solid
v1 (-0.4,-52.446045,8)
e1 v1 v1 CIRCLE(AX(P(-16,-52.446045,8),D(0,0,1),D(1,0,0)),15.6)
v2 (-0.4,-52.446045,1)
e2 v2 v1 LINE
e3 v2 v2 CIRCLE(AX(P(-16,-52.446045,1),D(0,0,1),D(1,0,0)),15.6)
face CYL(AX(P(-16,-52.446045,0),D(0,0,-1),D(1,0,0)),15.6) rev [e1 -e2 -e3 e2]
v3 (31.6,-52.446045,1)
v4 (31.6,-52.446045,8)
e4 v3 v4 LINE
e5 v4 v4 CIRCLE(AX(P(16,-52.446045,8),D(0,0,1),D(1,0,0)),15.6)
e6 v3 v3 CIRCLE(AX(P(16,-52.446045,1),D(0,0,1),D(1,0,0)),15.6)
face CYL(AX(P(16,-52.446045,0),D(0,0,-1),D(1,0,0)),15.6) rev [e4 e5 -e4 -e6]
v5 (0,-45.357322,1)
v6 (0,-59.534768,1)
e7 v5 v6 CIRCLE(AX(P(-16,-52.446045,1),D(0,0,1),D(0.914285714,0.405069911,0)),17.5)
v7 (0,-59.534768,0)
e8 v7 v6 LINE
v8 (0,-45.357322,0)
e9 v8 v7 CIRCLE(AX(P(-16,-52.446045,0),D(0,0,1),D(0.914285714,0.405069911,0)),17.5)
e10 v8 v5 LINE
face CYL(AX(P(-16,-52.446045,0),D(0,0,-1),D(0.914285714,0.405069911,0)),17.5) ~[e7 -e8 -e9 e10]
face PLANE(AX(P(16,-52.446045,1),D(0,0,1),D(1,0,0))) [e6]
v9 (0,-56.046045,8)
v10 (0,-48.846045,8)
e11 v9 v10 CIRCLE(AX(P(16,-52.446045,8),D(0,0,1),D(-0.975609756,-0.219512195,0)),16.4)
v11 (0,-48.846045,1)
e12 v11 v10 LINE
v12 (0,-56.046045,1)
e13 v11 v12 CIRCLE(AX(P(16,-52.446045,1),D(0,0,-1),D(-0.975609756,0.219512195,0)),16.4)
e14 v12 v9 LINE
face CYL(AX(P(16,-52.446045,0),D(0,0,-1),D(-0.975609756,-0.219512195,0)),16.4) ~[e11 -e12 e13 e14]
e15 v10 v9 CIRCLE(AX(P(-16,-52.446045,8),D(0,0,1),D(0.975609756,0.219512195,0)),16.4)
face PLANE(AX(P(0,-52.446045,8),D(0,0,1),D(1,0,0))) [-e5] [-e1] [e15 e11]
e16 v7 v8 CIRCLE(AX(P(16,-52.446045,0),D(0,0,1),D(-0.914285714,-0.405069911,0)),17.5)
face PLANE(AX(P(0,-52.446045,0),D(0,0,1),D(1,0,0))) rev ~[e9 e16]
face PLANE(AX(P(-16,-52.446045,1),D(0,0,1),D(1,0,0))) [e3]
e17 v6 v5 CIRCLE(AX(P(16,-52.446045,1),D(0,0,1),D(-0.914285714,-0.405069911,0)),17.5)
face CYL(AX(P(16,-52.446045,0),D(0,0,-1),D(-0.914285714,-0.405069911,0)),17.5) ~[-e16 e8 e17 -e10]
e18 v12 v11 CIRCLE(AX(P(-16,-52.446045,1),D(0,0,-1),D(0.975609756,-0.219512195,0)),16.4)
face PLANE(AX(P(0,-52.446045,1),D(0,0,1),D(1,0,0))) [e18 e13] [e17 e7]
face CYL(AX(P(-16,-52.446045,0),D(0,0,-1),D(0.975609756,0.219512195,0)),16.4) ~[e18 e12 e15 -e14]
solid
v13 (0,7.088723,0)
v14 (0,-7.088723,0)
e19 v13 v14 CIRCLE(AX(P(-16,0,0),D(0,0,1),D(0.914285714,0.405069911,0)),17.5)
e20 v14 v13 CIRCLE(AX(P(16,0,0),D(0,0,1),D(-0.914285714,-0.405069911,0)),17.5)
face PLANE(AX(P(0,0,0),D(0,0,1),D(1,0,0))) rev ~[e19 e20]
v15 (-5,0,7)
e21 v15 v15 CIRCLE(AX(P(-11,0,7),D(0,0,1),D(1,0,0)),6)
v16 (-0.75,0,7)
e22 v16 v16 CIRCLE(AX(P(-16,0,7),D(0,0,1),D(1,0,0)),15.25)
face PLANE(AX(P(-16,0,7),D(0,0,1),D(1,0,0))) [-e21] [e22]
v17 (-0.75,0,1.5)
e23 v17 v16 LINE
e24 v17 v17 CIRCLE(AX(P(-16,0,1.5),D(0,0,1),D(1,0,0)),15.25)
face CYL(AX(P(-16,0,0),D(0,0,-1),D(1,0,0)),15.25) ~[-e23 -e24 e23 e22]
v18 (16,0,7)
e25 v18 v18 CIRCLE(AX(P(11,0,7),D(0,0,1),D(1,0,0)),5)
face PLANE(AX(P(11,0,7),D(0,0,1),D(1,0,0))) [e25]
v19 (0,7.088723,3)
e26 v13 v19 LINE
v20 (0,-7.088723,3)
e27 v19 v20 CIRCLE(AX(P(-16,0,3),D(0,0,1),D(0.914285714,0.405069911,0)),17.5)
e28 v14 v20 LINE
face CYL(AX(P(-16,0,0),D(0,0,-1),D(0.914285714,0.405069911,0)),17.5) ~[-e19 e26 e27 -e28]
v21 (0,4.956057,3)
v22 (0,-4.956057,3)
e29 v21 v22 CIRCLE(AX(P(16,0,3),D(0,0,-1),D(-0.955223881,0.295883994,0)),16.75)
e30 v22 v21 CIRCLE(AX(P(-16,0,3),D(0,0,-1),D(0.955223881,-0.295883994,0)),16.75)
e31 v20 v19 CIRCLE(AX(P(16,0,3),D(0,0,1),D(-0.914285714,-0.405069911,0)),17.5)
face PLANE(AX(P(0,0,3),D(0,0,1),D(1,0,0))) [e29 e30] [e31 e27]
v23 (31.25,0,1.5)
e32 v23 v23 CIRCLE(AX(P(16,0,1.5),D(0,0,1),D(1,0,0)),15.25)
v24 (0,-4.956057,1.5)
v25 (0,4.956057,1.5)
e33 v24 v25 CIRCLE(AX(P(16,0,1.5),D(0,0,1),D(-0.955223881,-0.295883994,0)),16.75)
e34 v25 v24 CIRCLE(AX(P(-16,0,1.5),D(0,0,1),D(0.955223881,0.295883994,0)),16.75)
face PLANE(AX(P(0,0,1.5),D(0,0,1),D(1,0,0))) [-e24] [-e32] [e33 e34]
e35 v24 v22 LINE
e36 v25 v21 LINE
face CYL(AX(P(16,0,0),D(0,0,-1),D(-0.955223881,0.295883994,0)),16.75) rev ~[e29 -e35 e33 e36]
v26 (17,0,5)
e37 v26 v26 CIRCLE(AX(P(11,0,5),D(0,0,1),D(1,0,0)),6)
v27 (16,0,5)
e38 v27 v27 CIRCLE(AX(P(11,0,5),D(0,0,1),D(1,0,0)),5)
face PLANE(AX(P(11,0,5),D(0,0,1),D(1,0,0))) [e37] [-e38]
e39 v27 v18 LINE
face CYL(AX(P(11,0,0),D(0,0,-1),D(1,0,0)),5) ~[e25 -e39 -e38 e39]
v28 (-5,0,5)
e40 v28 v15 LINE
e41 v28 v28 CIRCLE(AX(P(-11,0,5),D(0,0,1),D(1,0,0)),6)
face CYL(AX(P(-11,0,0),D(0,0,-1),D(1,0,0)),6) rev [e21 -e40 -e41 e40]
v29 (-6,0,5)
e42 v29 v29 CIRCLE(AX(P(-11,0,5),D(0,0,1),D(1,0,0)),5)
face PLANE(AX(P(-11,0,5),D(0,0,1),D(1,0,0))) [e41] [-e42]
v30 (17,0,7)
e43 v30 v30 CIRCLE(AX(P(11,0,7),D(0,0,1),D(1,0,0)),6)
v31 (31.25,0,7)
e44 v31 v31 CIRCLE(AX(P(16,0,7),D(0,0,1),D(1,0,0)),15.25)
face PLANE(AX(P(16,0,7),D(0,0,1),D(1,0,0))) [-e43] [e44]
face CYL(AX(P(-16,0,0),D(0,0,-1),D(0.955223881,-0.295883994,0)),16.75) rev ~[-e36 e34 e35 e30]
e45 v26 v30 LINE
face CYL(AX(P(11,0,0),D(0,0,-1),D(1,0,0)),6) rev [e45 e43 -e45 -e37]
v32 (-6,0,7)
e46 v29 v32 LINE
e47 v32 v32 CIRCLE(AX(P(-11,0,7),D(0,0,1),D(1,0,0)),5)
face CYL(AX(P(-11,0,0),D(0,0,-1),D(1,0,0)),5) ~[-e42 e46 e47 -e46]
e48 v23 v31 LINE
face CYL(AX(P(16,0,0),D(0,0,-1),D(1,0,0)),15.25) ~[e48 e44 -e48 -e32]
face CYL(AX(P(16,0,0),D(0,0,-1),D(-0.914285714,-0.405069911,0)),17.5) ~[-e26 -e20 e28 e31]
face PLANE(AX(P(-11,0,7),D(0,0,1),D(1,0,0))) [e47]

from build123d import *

# Parameters (mm, degrees)
F0_R     = 5
F1_DEPTH = 7
F0_R_2   = 15.25
F0_R_3   = 6
F2_DEPTH = 5
F3_DEPTH = 1.5
F4_DEPTH = 3
F0_R_4   = 15.6
F5_DEPTH = 8
F6_DEPTH = 1


with BuildPart() as f1:
    # F0 (on Top) → F1 (new body)
    with BuildSketch(Plane.XY):
        with Locations((-11, 0)):
            Circle(F0_R)
    extrude(amount=F1_DEPTH)



with BuildPart() as f1b:
    # F0 (on Top) → F1, piece 2 (new body)
    with BuildSketch(Plane.XY):
        with Locations((11, 0)):
            Circle(F0_R)
    extrude(amount=F1_DEPTH)



with BuildPart() as f1c:
    # F0 (on Top) → F1, piece 3 (new body)
    with BuildSketch(Plane.XY):
        with Locations((-16, 0)):
            Circle(F0_R_2)
        with Locations((-11, 0)):
            Circle(F0_R_3, mode=Mode.SUBTRACT)
    extrude(amount=F1_DEPTH)


with BuildPart() as f1d:
    # F0 (on Top) → F1, piece 4 (new body)
    with BuildSketch(Plane.XY):
        with Locations((16, 0)):
            Circle(F0_R_2)
        with Locations((11, 0)):
            Circle(F0_R_3, mode=Mode.SUBTRACT)
    extrude(amount=F1_DEPTH)


with BuildPart() as f1_1:
    add(f1.part)

    add(f1c.part)  # F2 merges F1c
    # F0 (on Top) → F2 (join)
    with BuildSketch(Plane.XY):
        with Locations((-11, 0)):
            Circle(F0_R_3)
        with Locations((-11, 0)):
            Circle(F0_R, mode=Mode.SUBTRACT)
    extrude(amount=F2_DEPTH)



with BuildPart() as f1b_1:
    add(f1b.part)

    add(f1d.part)  # F2#2 merges F1d
    # F0 (on Top) → F2, piece 2 (join)
    with BuildSketch(Plane.XY):
        with Locations((11, 0)):
            Circle(F0_R_3)
        with Locations((11, 0)):
            Circle(F0_R, mode=Mode.SUBTRACT)
    extrude(amount=F2_DEPTH)


with BuildPart() as f1_2:
    add(f1_1.part)

    add(f1b_1.part)  # F3 merges F1b
    # F0 (on Top) → F3 (join)
    with BuildSketch(Plane.XY):
        with BuildLine():
            ThreePointArc((0, -4.9560569004), (32.75, 0), (0, 4.9560569004))
            ThreePointArc((0, 4.9560569004), (-32.75, 0), (0, -4.9560569004))
        make_face()
        with Locations((-16, 0)):
            Circle(F0_R_2, mode=Mode.SUBTRACT)
        with Locations((16, 0)):
            Circle(F0_R_2, mode=Mode.SUBTRACT)
    extrude(amount=F3_DEPTH)

    # F0 (on Top) → F4 (join)
    with BuildSketch(Plane.XY):
        with BuildLine():
            ThreePointArc((0, -7.0887234394), (33.5, 0), (0, 7.0887234394))
            ThreePointArc((0, 7.0887234394), (-33.5, 0), (0, -7.0887234394))
        make_face()
        with BuildLine():
            ThreePointArc((0, -4.9560569004), (-32.75, 0), (0, 4.9560569004))
            ThreePointArc((0, 4.9560569004), (32.75, 0), (0, -4.9560569004))
        make_face(mode=Mode.SUBTRACT)
    extrude(amount=F4_DEPTH)


with BuildPart() as f5:
    # F0 (on Top) → F5 (new body)
    with BuildSketch(Plane.XY):
        with BuildLine():
            ThreePointArc((0, -56.0460449815), (32.4, -52.4460449815), (0, -48.8460449815))
            ThreePointArc((0, -48.8460449815), (-32.4, -52.4460449815), (0, -56.0460449815))
        make_face()
        with Locations((-16, -52.4460449815)):
            Circle(F0_R_4, mode=Mode.SUBTRACT)
        with Locations((16, -52.4460449815)):
            Circle(F0_R_4, mode=Mode.SUBTRACT)
    extrude(amount=F5_DEPTH)

    # F0 (on Top) → F6 (join)
    with BuildSketch(Plane.XY):
        with BuildLine():
            ThreePointArc((0, -45.3573215421), (-33.5, -52.4460449815), (0, -59.5347684209))
            ThreePointArc((0, -59.5347684209), (33.5, -52.4460449815), (0, -45.3573215421))
        make_face()
        with BuildLine():
            ThreePointArc((0, -56.0460449815), (-32.4, -52.4460449815), (0, -48.8460449815))
            ThreePointArc((0, -48.8460449815), (32.4, -52.4460449815), (0, -56.0460449815))
        make_face(mode=Mode.SUBTRACT)
        with Locations((-16, -52.4460449815)):
            Circle(F0_R_4)
        with Locations((16, -52.4460449815)):
            Circle(F0_R_4)
    extrude(amount=F6_DEPTH)


solid = Compound([f1_2.part, f5.part])
